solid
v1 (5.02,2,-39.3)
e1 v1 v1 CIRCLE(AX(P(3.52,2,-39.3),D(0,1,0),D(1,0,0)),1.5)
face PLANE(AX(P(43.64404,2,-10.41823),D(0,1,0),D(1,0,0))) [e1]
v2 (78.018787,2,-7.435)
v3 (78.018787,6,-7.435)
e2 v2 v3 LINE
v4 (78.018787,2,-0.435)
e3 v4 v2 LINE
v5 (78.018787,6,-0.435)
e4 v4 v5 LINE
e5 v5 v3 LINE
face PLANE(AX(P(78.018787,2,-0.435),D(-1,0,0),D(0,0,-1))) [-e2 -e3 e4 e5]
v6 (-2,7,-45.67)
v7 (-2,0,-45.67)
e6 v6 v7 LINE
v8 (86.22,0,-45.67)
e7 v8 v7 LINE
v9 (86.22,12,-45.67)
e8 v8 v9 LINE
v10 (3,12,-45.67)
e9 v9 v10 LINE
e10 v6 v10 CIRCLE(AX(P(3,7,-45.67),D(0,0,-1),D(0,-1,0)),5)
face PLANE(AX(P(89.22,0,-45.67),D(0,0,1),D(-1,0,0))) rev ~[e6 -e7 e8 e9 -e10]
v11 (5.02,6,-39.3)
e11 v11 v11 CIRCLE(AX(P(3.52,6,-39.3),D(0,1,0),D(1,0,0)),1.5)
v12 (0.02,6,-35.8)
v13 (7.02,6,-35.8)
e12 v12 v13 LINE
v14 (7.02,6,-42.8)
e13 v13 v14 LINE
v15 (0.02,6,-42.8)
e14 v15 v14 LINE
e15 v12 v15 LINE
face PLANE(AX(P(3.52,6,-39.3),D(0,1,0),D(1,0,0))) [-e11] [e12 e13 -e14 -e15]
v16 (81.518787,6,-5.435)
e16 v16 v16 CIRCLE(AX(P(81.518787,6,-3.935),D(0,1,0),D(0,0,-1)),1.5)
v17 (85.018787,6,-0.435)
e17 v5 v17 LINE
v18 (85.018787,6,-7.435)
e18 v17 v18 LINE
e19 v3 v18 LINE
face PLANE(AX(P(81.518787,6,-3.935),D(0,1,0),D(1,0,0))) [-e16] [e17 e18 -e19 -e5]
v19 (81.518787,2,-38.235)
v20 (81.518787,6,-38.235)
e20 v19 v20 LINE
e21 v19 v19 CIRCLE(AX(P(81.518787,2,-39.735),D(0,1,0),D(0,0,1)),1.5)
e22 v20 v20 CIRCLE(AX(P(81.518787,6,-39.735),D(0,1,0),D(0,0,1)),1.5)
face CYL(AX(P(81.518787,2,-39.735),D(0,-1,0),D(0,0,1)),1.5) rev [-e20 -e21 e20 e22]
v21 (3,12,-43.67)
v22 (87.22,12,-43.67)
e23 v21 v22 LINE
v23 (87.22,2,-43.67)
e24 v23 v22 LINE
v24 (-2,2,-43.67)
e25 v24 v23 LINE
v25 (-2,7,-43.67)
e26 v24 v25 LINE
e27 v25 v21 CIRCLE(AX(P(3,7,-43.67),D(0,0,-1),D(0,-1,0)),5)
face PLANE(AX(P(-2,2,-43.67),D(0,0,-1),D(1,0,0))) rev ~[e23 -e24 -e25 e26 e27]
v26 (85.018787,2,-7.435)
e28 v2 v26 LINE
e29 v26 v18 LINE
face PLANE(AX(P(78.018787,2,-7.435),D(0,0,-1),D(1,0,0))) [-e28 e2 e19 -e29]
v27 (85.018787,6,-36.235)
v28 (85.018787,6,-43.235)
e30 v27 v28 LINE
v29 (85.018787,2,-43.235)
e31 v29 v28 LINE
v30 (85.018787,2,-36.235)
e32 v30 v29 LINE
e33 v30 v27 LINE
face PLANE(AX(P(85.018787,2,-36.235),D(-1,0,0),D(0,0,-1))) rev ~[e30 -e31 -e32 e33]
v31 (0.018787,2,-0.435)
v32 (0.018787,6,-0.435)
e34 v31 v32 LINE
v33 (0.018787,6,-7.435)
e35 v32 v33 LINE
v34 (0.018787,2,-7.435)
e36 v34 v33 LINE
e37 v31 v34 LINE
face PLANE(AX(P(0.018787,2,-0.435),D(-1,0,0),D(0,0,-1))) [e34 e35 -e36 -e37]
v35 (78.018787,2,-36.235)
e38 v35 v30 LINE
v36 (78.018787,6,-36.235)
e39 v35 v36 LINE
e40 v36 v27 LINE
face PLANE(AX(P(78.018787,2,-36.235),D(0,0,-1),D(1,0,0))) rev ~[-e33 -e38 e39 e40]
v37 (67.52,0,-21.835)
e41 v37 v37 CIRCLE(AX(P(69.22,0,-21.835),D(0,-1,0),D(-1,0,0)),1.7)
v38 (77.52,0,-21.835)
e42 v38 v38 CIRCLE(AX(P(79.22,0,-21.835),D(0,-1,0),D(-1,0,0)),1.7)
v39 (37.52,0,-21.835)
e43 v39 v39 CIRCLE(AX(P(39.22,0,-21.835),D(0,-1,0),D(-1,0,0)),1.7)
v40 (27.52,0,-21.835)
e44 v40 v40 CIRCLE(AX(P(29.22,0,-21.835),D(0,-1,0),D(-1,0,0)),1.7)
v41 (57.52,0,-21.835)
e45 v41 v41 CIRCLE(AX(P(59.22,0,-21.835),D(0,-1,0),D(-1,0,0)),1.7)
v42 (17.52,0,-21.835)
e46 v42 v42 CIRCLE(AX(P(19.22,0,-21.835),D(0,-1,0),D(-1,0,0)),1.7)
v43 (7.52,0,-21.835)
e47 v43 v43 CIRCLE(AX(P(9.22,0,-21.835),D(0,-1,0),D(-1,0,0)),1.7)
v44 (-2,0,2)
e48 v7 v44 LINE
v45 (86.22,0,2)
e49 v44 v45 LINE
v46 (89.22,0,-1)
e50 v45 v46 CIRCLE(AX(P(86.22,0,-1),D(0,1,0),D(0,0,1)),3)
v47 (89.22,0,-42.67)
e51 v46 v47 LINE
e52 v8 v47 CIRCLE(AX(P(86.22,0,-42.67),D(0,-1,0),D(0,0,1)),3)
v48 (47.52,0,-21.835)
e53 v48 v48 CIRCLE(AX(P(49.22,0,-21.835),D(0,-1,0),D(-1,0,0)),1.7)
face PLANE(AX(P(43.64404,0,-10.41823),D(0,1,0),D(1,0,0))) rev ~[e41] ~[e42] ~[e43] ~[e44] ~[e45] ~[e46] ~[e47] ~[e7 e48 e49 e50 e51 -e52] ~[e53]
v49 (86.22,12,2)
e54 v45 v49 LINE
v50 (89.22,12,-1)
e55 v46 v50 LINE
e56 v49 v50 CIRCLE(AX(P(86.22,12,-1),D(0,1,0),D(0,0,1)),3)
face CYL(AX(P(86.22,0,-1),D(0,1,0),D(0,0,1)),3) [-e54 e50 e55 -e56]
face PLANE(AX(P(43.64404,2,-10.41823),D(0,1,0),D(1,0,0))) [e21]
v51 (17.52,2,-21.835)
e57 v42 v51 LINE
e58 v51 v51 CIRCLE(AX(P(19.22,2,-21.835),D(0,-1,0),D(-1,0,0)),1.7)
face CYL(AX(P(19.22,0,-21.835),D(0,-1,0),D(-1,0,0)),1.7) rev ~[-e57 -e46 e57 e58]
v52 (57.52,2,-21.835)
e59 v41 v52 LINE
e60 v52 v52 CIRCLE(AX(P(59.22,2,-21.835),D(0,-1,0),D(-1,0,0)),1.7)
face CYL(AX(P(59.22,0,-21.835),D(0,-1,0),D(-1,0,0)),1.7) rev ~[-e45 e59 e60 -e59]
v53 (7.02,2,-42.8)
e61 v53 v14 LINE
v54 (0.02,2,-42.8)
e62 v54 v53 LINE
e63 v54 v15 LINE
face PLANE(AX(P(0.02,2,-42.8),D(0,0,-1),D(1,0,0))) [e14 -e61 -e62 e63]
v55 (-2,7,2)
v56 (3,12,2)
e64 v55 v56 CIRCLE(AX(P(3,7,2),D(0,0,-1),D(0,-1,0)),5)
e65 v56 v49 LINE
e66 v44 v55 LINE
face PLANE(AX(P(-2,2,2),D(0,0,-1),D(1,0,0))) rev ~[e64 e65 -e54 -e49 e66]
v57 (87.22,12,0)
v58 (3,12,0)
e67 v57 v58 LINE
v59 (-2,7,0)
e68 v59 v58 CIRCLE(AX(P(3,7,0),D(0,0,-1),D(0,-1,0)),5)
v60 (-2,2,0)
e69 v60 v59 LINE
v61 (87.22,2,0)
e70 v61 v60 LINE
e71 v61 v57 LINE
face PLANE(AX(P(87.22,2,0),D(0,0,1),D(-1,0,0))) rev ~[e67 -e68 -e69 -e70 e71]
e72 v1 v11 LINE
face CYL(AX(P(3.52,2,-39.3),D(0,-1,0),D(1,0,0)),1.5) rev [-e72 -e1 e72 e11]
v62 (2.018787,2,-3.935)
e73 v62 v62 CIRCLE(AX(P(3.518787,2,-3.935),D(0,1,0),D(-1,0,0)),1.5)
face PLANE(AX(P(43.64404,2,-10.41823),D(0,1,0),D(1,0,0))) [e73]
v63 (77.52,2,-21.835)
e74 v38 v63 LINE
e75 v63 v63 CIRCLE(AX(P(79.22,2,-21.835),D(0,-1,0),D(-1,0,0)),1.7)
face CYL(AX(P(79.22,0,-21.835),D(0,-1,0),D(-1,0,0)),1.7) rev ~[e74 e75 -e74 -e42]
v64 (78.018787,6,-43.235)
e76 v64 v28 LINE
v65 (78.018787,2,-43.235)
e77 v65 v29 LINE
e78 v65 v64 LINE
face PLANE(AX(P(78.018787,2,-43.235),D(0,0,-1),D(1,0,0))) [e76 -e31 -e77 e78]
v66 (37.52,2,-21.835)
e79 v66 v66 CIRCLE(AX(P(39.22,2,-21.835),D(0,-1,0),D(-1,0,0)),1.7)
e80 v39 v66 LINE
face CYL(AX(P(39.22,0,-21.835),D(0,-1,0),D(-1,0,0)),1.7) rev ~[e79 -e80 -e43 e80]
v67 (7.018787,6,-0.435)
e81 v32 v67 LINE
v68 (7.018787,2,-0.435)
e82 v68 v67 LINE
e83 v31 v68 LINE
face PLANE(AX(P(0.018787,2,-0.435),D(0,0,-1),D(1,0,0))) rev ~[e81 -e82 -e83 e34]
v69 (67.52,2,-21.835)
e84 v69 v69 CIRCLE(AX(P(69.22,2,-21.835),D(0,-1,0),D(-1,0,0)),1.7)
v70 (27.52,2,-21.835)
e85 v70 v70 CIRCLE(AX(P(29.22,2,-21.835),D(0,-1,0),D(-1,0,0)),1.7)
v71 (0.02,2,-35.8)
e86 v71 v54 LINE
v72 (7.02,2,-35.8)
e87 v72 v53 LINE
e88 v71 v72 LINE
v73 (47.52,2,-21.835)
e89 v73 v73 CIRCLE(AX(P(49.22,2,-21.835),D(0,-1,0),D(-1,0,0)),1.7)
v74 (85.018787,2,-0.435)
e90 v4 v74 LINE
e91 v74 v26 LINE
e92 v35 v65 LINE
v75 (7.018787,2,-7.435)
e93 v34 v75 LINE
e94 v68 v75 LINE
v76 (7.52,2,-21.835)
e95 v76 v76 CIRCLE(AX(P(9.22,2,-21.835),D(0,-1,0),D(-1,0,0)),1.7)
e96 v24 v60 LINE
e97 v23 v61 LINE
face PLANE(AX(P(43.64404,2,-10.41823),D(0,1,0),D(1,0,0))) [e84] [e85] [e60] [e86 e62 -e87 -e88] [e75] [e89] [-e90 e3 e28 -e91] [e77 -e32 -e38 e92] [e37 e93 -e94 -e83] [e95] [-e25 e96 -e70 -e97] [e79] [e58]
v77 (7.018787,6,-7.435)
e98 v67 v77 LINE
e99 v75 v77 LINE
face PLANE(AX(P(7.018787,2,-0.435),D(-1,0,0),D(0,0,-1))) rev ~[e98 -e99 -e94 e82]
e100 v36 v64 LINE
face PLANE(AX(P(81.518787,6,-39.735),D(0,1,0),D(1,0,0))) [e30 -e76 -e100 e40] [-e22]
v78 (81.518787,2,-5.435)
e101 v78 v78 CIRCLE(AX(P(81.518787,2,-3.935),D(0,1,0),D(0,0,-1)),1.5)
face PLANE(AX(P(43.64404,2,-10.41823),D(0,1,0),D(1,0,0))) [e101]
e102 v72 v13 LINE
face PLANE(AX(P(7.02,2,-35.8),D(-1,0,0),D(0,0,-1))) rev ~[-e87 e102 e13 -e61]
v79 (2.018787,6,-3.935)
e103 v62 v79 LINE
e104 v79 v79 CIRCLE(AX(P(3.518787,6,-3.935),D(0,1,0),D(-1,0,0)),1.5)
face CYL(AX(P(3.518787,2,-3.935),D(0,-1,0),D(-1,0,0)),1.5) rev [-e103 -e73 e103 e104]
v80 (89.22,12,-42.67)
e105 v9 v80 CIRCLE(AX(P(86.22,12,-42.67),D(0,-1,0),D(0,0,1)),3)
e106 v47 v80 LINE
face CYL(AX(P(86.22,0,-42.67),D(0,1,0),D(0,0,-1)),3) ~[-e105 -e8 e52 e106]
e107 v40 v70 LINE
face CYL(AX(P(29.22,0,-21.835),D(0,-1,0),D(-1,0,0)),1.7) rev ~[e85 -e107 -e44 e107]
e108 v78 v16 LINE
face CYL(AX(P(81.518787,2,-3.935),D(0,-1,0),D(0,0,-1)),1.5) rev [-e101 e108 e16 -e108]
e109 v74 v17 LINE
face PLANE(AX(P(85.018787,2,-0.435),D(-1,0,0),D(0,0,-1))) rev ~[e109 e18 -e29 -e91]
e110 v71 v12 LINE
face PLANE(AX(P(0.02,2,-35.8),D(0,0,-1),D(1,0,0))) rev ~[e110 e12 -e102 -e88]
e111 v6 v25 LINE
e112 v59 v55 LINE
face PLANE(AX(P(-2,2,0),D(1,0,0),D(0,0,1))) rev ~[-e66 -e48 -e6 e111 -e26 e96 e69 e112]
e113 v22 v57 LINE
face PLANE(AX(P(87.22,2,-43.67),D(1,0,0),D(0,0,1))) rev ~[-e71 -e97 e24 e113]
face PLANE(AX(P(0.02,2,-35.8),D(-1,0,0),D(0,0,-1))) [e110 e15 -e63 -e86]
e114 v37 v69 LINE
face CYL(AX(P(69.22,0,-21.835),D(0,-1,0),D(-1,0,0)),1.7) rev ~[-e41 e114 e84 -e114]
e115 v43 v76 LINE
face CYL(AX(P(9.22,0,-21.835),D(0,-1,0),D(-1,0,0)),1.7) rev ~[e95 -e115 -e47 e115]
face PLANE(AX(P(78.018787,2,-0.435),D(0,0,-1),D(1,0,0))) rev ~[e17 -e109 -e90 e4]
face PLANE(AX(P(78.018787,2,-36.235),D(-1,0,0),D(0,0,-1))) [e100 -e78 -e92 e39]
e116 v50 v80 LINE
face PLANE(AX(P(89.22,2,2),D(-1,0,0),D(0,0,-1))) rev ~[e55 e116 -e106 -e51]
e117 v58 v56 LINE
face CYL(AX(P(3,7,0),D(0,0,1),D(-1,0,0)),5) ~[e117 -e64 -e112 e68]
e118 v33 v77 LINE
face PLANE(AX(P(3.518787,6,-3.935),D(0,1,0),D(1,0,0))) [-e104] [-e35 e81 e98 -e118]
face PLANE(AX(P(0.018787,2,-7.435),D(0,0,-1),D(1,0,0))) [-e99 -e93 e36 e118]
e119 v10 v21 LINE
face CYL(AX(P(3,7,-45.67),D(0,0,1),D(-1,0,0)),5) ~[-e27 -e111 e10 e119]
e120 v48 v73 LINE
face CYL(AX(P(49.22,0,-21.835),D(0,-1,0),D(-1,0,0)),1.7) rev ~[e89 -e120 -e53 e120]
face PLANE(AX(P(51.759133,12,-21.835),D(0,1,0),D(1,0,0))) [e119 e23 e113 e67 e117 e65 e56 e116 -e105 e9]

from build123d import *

# Parameters (mm, degrees)
BOSS_EXTRUDE1_DEPTH = 2
BOSS_EXTRUDE2_DEPTH = 10
SKETCH3_W           = 7
SKETCH3_H           = 7
SKETCH3_R           = 1.5
BOSS_EXTRUDE3_DEPTH = 4
FILLET1_R           = 5
FILLET2_R           = 3


with BuildPart() as part:
    # Sketch1 → Boss-Extrude1 (new body)
    with BuildSketch(Plane(origin=(0, 0, 0), x_dir=(1, 0, 0), z_dir=(0, 1, 0))):
        with BuildLine():
            Line((-2, 21.835), (-2, -2))
            Line((-2, -2), (89.22, -2))
            Line((89.22, -2), (89.22, 21.835))
            Line((89.22, 21.835), (80.92, 21.835))
            ThreePointArc((80.92, 21.835), (79.22, 20.135), (77.52, 21.835))
            Line((77.52, 21.835), (70.92, 21.835))
            ThreePointArc((70.92, 21.835), (69.22, 20.135), (67.52, 21.835))
            Line((67.52, 21.835), (60.92, 21.835))
            ThreePointArc((60.92, 21.835), (59.22, 20.135), (57.52, 21.835))
            Line((57.52, 21.835), (50.92, 21.835))
            ThreePointArc((50.92, 21.835), (49.22, 20.135), (47.52, 21.835))
            Line((47.52, 21.835), (40.92, 21.835))
            ThreePointArc((40.92, 21.835), (39.22, 20.135), (37.52, 21.835))
            Line((37.52, 21.835), (30.92, 21.835))
            ThreePointArc((30.92, 21.835), (29.22, 20.135), (27.52, 21.835))
            Line((27.52, 21.835), (20.92, 21.835))
            ThreePointArc((20.92, 21.835), (19.22, 20.135), (17.52, 21.835))
            Line((17.52, 21.835), (10.92, 21.835))
            ThreePointArc((10.92, 21.835), (9.22, 20.135), (7.52, 21.835))
            Line((7.52, 21.835), (-2, 21.835))
        make_face()
        with BuildLine():
            Line((-2, 45.67), (-2, 21.835))
            Line((-2, 21.835), (7.52, 21.835))
            ThreePointArc((7.52, 21.835), (9.22, 23.535), (10.92, 21.835))
            Line((10.92, 21.835), (17.52, 21.835))
            ThreePointArc((17.52, 21.835), (19.22, 23.535), (20.92, 21.835))
            Line((20.92, 21.835), (27.52, 21.835))
            ThreePointArc((27.52, 21.835), (29.22, 23.535), (30.92, 21.835))
            Line((30.92, 21.835), (37.52, 21.835))
            ThreePointArc((37.52, 21.835), (39.22, 23.535), (40.92, 21.835))
            Line((40.92, 21.835), (47.52, 21.835))
            ThreePointArc((47.52, 21.835), (49.22, 23.535), (50.92, 21.835))
            Line((50.92, 21.835), (57.52, 21.835))
            ThreePointArc((57.52, 21.835), (59.22, 23.535), (60.92, 21.835))
            Line((60.92, 21.835), (67.52, 21.835))
            ThreePointArc((67.52, 21.835), (69.22, 23.535), (70.92, 21.835))
            Line((70.92, 21.835), (77.52, 21.835))
            ThreePointArc((77.52, 21.835), (79.22, 23.535), (80.92, 21.835))
            Line((80.92, 21.835), (89.22, 21.835))
            Line((89.22, 21.835), (89.22, 45.67))
            Line((89.22, 45.67), (-2, 45.67))
        make_face()
    extrude(amount=BOSS_EXTRUDE1_DEPTH)

    # Sketch2 → Boss-Extrude2 (add)
    with BuildSketch(Plane(origin=(0, 2, 0), x_dir=(1, 0, 0), z_dir=(0, 1, 0))):
        Polygon((-2, 0), (-2, -2), (89.22, -2), (89.22, 45.67), (-2, 45.67), (-2, 43.67), (0, 43.67), (87.22, 43.67), (87.22, 0), (0, 0), align=None)
    extrude(amount=BOSS_EXTRUDE2_DEPTH)

    # Sketch3 → Boss-Extrude3 (add)
    # profile 1 of 4: a face of its own
    with BuildSketch(Plane(origin=(0, 2, 0), x_dir=(1, 0, 0), z_dir=(0, 1, 0))):
        with Locations((81.51878701, 39.735)):
            Rectangle(SKETCH3_W, SKETCH3_H)
        with Locations(Location((81.51878701, 39.735, 0), (0, 0, 270))):
            Circle(SKETCH3_R, mode=Mode.SUBTRACT)
    # profile 2 of 4: a face of its own
    with BuildSketch(Plane(origin=(0, 2, 0), x_dir=(1, 0, 0), z_dir=(0, 1, 0))):
        with Locations((81.51878701, 3.935)):
            Rectangle(SKETCH3_W, SKETCH3_H)
        with Locations(Location((81.51878701, 3.935, 0), (0, 0, 90))):
            Circle(SKETCH3_R, mode=Mode.SUBTRACT)
    # profile 3 of 4: a face of its own
    with BuildSketch(Plane(origin=(0, 2, 0), x_dir=(1, 0, 0), z_dir=(0, 1, 0))):
        with Locations((3.52, 39.3)):
            Rectangle(SKETCH3_W, SKETCH3_H)
        with Locations((3.52, 39.3)):
            Circle(SKETCH3_R, mode=Mode.SUBTRACT)
    # profile 4 of 4: a face of its own
    with BuildSketch(Plane(origin=(0, 2, 0), x_dir=(1, 0, 0), z_dir=(0, 1, 0))):
        with Locations((3.51878701, 3.935)):
            Rectangle(SKETCH3_W, SKETCH3_H)
        with Locations(Location((3.51878701, 3.935, 0), (0, 0, 180))):
            Circle(SKETCH3_R, mode=Mode.SUBTRACT)
    extrude(amount=BOSS_EXTRUDE3_DEPTH)

    # Fillet1
    fillet1_edges = [part.edges().sort_by_distance(p)[0] for p in [
        (-2, 12, -44.67),
        (-2, 12, 1),
    ]]
    fillet(fillet1_edges, radius=FILLET1_R)

    # Fillet2
    fillet2_edges = [part.edges().sort_by_distance(p)[0] for p in [
        (89.22, 6, -45.67),
        (89.22, 6, 2),
    ]]
    fillet(fillet2_edges, radius=FILLET2_R)


solid = part.part
